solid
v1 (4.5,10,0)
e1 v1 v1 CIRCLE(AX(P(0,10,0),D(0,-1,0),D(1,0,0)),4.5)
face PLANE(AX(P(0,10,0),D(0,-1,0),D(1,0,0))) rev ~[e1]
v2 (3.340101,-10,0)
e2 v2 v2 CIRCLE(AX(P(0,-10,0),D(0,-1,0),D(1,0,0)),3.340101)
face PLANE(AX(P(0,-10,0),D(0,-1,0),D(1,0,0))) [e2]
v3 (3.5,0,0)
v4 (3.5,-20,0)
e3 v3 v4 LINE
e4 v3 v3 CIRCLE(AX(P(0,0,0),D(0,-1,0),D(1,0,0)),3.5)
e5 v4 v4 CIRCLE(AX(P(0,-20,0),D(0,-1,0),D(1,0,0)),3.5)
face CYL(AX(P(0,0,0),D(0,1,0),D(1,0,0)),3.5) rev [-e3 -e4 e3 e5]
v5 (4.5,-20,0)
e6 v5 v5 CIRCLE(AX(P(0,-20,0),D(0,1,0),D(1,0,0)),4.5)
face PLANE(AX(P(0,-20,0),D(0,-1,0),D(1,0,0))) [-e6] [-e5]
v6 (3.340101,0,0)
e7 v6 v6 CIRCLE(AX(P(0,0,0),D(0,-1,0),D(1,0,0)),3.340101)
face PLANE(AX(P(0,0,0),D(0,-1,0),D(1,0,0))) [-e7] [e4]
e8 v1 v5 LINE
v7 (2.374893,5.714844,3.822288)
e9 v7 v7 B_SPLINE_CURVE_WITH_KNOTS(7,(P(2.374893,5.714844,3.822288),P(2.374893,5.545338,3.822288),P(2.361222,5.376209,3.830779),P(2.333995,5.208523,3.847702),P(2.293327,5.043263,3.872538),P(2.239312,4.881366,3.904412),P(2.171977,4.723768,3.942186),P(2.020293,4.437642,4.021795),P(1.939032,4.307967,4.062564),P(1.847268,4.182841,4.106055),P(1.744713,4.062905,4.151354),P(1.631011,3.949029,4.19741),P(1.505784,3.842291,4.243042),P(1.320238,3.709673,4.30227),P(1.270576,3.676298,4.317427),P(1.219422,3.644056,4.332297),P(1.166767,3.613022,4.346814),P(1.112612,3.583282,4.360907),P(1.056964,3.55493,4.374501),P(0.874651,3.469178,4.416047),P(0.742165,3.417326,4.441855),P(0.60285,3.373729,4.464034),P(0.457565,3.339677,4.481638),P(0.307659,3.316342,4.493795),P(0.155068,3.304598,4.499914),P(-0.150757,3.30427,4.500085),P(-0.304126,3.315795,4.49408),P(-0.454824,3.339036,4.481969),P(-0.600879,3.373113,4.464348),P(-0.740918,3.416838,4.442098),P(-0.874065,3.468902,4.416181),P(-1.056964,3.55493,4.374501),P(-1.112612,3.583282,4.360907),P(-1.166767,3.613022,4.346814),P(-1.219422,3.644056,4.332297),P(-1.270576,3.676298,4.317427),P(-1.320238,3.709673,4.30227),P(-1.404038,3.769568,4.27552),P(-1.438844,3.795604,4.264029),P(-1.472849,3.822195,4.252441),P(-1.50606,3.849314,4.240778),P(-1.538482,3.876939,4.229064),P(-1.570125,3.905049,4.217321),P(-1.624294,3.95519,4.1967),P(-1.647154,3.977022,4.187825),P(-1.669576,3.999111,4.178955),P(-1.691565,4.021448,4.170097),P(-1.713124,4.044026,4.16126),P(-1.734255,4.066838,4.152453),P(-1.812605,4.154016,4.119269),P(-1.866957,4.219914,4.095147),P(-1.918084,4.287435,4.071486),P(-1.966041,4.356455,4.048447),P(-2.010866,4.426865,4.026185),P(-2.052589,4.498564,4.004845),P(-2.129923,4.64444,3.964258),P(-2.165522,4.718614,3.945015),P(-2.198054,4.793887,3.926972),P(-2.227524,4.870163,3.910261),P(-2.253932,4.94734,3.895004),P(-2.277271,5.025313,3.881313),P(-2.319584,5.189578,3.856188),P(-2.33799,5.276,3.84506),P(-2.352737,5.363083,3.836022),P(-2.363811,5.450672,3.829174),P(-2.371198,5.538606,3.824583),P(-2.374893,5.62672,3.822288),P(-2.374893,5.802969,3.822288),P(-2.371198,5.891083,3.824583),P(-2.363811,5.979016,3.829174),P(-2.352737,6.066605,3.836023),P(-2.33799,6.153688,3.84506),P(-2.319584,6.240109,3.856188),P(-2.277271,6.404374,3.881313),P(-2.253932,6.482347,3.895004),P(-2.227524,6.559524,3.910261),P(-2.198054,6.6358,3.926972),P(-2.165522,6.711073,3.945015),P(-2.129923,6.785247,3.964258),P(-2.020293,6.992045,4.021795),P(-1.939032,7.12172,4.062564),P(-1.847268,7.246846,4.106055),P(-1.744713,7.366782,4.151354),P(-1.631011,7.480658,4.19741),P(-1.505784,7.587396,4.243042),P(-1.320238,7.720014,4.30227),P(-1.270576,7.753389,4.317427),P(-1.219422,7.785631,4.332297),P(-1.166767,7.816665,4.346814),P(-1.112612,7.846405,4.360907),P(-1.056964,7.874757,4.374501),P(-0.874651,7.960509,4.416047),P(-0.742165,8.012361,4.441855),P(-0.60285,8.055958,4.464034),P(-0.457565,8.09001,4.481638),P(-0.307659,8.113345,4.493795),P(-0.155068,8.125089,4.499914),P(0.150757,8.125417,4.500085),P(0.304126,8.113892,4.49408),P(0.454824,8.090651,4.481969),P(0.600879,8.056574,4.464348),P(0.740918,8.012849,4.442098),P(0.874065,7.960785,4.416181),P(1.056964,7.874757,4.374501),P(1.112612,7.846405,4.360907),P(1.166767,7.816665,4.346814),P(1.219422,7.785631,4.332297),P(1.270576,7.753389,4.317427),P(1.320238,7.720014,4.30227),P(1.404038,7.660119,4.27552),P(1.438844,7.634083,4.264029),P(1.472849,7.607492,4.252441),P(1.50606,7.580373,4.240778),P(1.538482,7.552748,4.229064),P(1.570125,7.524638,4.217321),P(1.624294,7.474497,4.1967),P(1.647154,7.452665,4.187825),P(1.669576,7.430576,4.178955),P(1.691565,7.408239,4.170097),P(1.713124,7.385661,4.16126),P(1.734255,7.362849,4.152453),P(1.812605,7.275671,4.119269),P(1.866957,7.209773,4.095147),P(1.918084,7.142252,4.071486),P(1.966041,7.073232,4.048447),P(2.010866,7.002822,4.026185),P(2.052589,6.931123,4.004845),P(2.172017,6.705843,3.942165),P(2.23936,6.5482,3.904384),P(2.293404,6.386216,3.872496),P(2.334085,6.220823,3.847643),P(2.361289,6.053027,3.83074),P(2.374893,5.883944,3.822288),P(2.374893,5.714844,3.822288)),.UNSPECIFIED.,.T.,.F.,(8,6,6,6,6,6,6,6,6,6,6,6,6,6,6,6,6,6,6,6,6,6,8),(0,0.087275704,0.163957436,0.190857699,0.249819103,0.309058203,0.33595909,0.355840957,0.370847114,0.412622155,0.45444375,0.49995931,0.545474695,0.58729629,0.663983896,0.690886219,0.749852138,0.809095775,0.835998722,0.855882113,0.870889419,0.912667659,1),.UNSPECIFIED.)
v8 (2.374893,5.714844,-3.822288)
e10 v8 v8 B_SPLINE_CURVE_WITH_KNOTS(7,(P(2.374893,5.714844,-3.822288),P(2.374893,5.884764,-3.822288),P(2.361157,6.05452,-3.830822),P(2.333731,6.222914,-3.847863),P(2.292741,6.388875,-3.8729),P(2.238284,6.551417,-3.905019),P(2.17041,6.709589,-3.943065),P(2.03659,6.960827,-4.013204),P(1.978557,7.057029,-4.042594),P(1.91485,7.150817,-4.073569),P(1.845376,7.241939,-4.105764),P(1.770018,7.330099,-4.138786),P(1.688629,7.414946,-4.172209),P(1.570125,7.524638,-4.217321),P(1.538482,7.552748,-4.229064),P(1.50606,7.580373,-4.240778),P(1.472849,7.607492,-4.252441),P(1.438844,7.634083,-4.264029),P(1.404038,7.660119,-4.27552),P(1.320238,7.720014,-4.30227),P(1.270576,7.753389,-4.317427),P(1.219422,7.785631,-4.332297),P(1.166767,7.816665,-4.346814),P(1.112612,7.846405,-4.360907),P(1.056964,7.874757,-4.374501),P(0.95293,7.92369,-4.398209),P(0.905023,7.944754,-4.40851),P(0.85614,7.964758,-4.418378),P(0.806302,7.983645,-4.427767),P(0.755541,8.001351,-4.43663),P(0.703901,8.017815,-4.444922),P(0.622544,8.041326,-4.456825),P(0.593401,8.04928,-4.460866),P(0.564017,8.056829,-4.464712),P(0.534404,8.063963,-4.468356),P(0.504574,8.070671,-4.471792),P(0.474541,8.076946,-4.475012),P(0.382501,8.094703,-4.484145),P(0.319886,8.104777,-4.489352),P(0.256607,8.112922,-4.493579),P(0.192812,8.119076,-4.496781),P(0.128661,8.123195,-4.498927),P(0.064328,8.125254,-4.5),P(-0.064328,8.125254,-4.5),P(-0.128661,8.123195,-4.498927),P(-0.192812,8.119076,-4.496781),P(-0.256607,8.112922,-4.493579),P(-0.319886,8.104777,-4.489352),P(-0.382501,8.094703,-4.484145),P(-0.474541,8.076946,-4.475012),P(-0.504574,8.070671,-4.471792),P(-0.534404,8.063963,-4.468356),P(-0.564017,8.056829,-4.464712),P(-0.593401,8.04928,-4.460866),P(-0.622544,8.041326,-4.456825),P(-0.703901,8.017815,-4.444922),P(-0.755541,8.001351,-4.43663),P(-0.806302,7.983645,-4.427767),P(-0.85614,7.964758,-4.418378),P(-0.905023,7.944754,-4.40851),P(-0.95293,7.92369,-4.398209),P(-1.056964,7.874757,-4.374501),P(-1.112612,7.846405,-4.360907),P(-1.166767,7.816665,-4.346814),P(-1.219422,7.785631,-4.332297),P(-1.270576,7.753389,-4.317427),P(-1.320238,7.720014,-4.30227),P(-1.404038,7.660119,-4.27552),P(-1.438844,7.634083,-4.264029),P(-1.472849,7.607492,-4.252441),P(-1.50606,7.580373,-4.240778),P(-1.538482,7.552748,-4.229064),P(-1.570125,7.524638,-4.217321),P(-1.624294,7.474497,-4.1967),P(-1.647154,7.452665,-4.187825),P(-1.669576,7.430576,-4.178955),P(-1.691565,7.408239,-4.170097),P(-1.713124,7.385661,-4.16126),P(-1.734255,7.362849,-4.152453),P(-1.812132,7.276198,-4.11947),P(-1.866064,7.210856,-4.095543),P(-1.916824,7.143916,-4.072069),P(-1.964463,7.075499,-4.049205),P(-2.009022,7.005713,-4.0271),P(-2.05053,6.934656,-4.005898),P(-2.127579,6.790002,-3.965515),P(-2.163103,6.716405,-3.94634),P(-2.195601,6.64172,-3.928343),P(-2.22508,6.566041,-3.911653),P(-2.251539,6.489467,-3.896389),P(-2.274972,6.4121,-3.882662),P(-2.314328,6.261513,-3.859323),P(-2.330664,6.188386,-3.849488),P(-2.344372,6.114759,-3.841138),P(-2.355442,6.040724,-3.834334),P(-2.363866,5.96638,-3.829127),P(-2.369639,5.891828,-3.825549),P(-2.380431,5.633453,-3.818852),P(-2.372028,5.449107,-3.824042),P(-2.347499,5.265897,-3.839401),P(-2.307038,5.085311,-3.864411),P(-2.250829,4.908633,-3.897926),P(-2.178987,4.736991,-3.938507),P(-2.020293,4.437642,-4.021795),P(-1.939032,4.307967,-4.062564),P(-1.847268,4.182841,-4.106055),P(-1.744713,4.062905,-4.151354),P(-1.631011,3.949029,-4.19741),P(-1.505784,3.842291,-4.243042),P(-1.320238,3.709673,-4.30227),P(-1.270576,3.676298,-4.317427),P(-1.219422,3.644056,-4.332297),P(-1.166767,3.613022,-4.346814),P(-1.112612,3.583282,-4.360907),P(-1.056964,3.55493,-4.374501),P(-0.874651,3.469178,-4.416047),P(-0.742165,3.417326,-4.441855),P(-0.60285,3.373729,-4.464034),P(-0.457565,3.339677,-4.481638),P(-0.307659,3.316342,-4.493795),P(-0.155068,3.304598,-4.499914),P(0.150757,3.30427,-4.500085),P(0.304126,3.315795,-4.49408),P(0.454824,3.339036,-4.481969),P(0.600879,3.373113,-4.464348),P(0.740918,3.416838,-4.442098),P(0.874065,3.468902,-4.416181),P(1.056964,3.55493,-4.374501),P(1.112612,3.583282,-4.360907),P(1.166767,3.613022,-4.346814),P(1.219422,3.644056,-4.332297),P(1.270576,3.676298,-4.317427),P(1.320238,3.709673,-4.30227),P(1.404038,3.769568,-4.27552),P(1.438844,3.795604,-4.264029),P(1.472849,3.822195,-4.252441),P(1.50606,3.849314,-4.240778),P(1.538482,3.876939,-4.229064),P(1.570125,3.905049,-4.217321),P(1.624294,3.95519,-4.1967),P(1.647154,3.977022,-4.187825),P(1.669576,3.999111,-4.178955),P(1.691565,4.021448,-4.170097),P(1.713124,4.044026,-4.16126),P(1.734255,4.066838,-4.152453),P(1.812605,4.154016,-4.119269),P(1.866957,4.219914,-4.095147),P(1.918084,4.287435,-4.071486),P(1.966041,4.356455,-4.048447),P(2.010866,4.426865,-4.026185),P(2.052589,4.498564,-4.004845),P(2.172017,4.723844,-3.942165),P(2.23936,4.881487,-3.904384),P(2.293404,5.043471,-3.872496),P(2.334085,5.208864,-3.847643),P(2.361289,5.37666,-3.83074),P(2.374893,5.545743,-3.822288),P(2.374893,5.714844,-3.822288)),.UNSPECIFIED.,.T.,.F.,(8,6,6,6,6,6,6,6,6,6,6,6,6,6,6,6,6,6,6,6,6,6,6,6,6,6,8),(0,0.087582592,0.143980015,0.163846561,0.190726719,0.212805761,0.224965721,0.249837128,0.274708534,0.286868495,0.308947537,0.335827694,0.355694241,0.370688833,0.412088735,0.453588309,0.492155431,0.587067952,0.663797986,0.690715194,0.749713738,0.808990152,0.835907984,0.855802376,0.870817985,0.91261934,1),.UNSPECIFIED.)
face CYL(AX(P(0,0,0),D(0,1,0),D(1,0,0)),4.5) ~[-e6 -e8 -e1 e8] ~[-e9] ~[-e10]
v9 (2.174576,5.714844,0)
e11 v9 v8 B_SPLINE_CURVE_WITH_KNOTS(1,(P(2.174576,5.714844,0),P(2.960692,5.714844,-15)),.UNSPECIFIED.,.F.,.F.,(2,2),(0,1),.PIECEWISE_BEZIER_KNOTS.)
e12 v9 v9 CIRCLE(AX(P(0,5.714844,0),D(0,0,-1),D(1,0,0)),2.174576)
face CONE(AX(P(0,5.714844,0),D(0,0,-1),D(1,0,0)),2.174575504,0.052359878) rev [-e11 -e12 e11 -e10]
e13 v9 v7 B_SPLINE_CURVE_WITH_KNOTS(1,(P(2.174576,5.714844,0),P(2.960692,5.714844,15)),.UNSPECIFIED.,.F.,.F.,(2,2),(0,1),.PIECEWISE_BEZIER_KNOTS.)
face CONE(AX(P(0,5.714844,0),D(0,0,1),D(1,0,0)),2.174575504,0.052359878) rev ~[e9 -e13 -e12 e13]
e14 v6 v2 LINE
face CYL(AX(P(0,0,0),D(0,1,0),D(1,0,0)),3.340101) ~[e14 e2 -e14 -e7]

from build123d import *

# Parameters (mm, degrees)
F0_R     = 3.5
F1_DEPTH = 20
F2_T     = 1
F3_R     = 3.3401010272
F4_DEPTH = 10
F5_R     = 4.5
F6_DEPTH = 10
F7_R     = 2.1745755041
F8_DEPTH = 15
F8_TAPER = -3


with BuildPart() as f1:
    # F0 (on Front) → F1 (new body)
    with BuildSketch(Plane.XZ):
        Circle(F0_R)
    extrude(amount=F1_DEPTH)

    # F2
    f2_openings = [f1.faces().sort_by_distance(p)[0] for p in [
        (0, -20, 0),
    ]]
    offset(amount=F2_T, openings=f2_openings, kind=Kind.INTERSECTION)

    # F3 (on Front) → F4 (join)
    with BuildSketch(Plane.XZ):
        Circle(F3_R)
    extrude(amount=F4_DEPTH)

    # F5 (on Front) → F6 (join)
    with BuildSketch(Plane.XZ):
        Circle(F5_R)
    extrude(amount=-F6_DEPTH)

    # F7 (on Top) → F8 (cut, symmetric)
    with BuildSketch(Plane.XY):
        with Locations((0, 5.7148435153)):
            Circle(F7_R)
    extrude(amount=F8_DEPTH, both=True, taper=F8_TAPER, mode=Mode.SUBTRACT)


solid = f1.part
